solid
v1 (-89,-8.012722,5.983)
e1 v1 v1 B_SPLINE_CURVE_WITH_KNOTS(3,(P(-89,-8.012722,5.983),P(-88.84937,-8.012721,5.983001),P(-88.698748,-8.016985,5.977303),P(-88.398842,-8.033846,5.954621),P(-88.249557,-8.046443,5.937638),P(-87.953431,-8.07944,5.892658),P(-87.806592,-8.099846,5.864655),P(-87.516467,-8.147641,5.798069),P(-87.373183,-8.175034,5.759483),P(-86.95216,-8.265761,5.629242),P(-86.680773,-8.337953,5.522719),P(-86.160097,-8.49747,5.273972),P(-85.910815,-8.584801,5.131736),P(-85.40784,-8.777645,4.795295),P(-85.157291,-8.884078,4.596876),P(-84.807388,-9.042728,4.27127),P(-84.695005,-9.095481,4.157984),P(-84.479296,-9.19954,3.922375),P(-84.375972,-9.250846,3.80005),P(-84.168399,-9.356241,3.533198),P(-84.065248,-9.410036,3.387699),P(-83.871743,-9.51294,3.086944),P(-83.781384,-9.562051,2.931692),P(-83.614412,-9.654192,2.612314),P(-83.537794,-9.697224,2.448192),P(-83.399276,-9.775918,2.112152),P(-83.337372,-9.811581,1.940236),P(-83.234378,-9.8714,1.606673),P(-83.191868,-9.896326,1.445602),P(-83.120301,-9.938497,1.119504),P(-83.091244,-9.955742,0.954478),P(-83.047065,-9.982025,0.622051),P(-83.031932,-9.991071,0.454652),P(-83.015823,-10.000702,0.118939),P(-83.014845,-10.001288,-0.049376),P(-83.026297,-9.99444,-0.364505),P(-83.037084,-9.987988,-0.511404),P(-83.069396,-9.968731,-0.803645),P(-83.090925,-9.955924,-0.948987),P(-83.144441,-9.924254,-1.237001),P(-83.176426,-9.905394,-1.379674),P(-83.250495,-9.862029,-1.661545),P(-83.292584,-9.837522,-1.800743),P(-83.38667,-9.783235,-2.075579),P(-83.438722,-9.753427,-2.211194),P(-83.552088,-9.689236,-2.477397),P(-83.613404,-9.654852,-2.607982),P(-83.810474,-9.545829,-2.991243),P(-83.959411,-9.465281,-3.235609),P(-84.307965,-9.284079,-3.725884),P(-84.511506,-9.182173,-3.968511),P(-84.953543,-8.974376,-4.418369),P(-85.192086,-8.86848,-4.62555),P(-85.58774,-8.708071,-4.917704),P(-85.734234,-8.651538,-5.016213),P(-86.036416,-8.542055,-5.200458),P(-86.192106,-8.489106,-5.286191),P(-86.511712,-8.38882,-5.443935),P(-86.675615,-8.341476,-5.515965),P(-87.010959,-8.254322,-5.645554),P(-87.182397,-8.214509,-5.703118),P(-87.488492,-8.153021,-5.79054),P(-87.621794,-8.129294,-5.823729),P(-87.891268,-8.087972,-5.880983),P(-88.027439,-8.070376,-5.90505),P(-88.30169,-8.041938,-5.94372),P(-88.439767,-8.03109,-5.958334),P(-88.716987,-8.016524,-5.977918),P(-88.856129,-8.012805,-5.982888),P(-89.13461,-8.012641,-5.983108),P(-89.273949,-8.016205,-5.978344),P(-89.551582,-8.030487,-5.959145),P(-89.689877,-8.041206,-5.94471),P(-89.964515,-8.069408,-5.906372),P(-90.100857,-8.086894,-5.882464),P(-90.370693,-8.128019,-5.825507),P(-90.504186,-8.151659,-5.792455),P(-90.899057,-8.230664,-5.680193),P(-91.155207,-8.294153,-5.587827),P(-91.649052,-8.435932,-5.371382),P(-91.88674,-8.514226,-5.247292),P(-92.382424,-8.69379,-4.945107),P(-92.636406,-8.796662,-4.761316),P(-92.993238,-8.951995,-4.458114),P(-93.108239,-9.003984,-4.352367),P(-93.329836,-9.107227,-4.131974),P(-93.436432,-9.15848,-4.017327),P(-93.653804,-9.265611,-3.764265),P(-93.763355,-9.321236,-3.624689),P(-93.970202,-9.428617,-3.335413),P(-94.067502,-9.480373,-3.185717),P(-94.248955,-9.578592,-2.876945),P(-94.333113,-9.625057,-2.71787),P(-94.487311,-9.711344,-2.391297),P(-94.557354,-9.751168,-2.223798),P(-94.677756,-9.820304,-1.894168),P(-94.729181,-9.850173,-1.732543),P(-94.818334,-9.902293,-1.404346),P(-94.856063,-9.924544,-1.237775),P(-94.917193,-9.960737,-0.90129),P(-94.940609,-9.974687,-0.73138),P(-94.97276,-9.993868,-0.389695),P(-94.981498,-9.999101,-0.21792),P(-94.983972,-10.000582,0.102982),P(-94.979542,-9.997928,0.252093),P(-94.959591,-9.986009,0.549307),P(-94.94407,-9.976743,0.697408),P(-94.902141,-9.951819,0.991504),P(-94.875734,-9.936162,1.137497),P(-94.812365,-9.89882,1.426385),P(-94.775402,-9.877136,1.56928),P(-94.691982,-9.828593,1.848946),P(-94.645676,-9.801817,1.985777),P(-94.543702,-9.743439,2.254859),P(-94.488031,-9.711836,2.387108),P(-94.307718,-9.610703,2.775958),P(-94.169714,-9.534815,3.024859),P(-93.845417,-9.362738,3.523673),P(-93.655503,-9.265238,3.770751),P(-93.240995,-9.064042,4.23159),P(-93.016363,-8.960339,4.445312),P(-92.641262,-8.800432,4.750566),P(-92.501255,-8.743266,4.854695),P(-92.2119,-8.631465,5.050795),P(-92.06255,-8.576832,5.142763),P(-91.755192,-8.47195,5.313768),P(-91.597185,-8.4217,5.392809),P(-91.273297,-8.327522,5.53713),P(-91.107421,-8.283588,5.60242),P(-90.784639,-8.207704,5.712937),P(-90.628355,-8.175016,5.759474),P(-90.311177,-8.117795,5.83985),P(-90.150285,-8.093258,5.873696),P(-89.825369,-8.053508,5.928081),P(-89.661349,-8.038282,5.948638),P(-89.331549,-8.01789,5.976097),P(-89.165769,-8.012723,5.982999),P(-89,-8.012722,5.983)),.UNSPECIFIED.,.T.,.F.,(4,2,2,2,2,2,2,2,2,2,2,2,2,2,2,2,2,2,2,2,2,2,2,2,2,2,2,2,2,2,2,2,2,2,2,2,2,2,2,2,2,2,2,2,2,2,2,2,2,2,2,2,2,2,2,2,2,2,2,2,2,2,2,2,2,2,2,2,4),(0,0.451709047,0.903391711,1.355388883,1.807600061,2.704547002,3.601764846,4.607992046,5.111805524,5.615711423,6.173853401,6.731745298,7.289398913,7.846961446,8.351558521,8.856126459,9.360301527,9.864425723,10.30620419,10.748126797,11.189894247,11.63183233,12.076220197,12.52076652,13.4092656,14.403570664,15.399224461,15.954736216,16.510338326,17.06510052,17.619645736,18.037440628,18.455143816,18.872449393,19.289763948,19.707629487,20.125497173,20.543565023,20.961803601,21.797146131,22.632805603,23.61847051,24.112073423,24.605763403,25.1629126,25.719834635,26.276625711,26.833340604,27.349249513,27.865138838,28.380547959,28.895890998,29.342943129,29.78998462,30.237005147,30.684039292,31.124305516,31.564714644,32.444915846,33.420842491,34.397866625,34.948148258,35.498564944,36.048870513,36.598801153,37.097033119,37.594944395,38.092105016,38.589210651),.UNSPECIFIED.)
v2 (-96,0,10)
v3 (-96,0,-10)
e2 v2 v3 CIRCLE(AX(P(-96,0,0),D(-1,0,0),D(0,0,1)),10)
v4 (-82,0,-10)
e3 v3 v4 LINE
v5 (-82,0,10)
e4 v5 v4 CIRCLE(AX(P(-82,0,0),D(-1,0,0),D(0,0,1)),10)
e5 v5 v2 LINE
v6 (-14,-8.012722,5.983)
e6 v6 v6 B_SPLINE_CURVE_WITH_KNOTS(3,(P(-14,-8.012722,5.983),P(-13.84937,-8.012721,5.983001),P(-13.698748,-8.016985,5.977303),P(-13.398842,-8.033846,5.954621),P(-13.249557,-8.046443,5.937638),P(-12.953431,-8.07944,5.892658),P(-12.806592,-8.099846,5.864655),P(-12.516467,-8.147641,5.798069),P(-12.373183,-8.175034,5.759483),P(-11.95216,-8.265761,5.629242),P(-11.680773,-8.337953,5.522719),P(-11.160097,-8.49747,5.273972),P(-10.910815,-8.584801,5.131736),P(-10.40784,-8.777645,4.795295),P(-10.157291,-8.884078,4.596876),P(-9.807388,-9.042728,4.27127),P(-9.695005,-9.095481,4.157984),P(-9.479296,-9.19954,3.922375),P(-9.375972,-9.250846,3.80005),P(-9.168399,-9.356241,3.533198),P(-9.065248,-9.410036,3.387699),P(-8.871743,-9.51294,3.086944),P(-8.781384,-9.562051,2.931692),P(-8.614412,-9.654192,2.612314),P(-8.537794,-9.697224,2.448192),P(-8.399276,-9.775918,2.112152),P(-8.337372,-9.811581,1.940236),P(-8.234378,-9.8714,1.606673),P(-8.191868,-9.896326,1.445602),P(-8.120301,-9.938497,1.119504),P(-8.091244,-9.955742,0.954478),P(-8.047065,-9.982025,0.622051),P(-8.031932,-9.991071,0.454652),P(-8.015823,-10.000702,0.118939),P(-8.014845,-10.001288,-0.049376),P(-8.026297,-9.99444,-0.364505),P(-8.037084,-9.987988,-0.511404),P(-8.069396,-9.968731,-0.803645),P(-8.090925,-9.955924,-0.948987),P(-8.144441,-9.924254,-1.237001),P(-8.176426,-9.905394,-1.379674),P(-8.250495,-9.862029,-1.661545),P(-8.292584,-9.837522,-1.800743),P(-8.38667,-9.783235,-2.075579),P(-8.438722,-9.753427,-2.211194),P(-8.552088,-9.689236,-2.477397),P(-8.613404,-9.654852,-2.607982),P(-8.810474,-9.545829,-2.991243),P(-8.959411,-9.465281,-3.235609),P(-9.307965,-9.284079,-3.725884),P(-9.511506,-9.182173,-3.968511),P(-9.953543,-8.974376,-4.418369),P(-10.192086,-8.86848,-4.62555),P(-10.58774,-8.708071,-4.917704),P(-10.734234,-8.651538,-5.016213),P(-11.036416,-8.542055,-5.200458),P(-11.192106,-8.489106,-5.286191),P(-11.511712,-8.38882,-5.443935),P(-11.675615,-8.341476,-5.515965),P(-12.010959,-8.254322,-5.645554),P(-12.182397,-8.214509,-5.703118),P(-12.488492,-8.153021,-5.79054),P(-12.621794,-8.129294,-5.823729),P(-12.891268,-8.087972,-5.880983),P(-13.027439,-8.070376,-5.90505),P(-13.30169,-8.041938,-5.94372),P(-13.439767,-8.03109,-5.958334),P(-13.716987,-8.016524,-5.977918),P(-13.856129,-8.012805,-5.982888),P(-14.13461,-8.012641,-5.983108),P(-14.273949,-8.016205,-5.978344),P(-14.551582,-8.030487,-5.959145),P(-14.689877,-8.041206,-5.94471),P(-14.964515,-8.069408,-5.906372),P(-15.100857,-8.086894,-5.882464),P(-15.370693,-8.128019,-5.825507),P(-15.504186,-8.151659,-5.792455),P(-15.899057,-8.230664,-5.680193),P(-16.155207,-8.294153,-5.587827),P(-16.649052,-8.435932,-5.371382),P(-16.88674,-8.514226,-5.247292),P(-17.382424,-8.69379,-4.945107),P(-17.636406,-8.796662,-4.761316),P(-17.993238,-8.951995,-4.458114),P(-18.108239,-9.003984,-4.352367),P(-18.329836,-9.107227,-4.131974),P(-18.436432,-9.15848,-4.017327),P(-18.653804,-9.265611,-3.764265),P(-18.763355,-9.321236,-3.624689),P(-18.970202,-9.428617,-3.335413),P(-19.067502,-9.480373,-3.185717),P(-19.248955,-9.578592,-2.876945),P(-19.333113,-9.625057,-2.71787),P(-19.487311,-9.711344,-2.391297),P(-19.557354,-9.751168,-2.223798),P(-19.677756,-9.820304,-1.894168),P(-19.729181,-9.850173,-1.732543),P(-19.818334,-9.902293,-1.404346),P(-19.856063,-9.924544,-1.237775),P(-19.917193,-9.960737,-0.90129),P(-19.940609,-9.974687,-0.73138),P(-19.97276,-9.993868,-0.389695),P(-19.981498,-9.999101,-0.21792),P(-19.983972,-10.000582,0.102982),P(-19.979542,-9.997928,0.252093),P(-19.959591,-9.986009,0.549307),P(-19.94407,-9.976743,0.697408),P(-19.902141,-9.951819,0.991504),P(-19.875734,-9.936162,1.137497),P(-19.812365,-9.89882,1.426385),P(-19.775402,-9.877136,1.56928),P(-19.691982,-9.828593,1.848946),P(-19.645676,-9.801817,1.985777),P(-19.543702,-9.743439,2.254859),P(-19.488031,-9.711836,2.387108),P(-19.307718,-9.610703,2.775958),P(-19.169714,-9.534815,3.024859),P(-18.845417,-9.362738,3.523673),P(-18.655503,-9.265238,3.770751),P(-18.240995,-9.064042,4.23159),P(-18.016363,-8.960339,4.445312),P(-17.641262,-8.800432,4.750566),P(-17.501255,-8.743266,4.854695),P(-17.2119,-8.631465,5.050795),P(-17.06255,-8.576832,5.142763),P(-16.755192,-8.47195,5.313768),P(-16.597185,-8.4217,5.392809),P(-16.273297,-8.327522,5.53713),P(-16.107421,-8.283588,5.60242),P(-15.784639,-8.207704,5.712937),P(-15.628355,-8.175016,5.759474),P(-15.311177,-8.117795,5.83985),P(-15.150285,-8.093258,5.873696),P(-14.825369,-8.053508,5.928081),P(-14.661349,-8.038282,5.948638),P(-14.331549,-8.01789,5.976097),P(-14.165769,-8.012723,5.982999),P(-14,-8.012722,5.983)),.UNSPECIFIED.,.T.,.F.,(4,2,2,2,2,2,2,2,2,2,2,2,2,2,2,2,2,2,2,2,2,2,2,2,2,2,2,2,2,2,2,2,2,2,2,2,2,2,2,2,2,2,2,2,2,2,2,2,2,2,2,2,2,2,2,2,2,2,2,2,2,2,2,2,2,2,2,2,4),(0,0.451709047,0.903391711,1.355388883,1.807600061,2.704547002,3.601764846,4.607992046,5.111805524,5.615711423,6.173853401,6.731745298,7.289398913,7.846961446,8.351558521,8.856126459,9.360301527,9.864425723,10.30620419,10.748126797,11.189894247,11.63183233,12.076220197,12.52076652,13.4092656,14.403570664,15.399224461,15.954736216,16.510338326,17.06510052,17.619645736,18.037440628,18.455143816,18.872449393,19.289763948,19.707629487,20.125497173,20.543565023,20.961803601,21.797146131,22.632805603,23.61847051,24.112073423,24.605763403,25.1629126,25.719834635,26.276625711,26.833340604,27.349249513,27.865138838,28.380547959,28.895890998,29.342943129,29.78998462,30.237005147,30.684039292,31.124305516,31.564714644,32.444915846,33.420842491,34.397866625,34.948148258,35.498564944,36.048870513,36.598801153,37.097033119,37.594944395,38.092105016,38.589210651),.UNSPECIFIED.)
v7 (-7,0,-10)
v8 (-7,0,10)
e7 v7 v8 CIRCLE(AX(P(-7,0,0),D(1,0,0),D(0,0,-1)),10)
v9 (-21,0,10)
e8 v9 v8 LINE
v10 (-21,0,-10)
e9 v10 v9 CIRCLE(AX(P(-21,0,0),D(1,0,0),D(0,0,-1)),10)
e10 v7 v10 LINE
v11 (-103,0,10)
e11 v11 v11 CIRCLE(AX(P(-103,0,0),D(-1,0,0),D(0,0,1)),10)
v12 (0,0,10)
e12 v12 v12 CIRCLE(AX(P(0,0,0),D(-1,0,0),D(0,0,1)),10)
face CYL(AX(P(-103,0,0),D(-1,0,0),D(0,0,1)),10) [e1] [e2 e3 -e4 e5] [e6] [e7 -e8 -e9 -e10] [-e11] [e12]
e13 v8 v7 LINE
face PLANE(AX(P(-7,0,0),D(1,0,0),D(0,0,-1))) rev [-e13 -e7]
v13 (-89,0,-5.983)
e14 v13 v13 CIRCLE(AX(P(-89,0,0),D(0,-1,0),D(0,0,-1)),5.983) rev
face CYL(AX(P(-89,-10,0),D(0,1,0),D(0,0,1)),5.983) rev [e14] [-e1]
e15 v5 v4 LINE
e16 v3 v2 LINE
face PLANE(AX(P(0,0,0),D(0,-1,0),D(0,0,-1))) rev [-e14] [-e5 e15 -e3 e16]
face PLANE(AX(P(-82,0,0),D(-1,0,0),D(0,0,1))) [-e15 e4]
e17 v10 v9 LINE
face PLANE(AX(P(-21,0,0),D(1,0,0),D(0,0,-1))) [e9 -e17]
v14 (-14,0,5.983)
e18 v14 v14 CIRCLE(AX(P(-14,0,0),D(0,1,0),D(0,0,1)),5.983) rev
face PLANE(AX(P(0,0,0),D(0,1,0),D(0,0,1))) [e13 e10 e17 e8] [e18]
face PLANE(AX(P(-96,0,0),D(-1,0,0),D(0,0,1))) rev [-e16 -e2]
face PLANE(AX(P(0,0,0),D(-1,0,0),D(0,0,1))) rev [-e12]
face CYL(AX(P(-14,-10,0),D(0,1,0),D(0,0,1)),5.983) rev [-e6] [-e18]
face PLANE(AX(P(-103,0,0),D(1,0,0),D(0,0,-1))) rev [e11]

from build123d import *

# Parameters (mm, degrees)
SKETCH1_W               = 103
SKETCH1_H               = 10
CUT_EXTRUDE1_START      = -7
CUT_EXTRUDE1_DEPTH      = 14
CUT_EXTRUDE2_START      = -7
CUT_EXTRUDE2_DEPTH      = 14
CUT_EXTRUDE3_DEPTH      = 104.966340707
CUT_EXTRUDE3_DEPTH_BACK = 104.966340707
SKETCH4_R               = 5.983
SKETCH5_W               = 14
SKETCH5_H               = 25.426935298
CUT_EXTRUDE4_DEPTH      = 5


with BuildPart() as part:
    # Sketch1 → Revolve1 (revolve)
    with BuildSketch(Plane.XY, mode=Mode.PRIVATE) as revolve1_sk:
        with Locations((-51.5, 5)):
            Rectangle(SKETCH1_W, SKETCH1_H)
    revolve(revolve1_sk.sketch.rotate(Axis((-103, 0, 0), (1, 0, 0)), 90), axis=Axis((-103, 0, 0), (1, 0, 0)))

    # Sketch2 → Cut-Extrude1 (cut)
    with BuildSketch(Plane(origin=(0, 0, 0), x_dir=(0, 0, -1), z_dir=(1, 0, 0)).offset(CUT_EXTRUDE1_START)):
        with BuildLine():
            Line((-10.872335562, 5), (10.872335562, 5))
            ThreePointArc((10.872335562, 5), (0, 11.966941154), (-10.872335562, 5))
        make_face()
    extrude(amount=-CUT_EXTRUDE1_DEPTH, mode=Mode.SUBTRACT)

    # Sketch3 → Cut-Extrude2 (cut)
    with BuildSketch(Plane.ZY.offset(103).offset(CUT_EXTRUDE2_START)):
        with BuildLine():
            Line((-13.431588828, 5), (13.431588828, 5))
            ThreePointArc((13.431588828, 5), (0, 14.332047252), (-13.431588828, 5))
        make_face()
    extrude(amount=-CUT_EXTRUDE2_DEPTH, mode=Mode.SUBTRACT)

    # Sketch4 → Cut-Extrude3 (cut, two sides: drawn at the far end of the back side and taken through both)
    with BuildSketch(Plane(origin=(0, 0, 0), x_dir=(1, 0, 0), z_dir=(0, 1, 0)).offset(-CUT_EXTRUDE3_DEPTH_BACK)):
        with Locations(Location((-89, 0, 0), (0, 0, 270))):
            Circle(SKETCH4_R)
        with Locations(Location((-14, 0, 0), (0, 0, 270))):
            Circle(SKETCH4_R)
    extrude(amount=CUT_EXTRUDE3_DEPTH + CUT_EXTRUDE3_DEPTH_BACK, mode=Mode.SUBTRACT)

    # Sketch5 → Cut-Extrude4 (cut)
    with BuildSketch(Plane(origin=(0, 5, 0), x_dir=(1, 0, 0), z_dir=(0, 1, 0))):
        with Locations((-89, 0)):
            Rectangle(SKETCH5_W, SKETCH5_H)
        with Locations((-14, 0)):
            Rectangle(SKETCH5_W, SKETCH5_H)
    extrude(amount=-CUT_EXTRUDE4_DEPTH, mode=Mode.SUBTRACT)


solid = part.part
